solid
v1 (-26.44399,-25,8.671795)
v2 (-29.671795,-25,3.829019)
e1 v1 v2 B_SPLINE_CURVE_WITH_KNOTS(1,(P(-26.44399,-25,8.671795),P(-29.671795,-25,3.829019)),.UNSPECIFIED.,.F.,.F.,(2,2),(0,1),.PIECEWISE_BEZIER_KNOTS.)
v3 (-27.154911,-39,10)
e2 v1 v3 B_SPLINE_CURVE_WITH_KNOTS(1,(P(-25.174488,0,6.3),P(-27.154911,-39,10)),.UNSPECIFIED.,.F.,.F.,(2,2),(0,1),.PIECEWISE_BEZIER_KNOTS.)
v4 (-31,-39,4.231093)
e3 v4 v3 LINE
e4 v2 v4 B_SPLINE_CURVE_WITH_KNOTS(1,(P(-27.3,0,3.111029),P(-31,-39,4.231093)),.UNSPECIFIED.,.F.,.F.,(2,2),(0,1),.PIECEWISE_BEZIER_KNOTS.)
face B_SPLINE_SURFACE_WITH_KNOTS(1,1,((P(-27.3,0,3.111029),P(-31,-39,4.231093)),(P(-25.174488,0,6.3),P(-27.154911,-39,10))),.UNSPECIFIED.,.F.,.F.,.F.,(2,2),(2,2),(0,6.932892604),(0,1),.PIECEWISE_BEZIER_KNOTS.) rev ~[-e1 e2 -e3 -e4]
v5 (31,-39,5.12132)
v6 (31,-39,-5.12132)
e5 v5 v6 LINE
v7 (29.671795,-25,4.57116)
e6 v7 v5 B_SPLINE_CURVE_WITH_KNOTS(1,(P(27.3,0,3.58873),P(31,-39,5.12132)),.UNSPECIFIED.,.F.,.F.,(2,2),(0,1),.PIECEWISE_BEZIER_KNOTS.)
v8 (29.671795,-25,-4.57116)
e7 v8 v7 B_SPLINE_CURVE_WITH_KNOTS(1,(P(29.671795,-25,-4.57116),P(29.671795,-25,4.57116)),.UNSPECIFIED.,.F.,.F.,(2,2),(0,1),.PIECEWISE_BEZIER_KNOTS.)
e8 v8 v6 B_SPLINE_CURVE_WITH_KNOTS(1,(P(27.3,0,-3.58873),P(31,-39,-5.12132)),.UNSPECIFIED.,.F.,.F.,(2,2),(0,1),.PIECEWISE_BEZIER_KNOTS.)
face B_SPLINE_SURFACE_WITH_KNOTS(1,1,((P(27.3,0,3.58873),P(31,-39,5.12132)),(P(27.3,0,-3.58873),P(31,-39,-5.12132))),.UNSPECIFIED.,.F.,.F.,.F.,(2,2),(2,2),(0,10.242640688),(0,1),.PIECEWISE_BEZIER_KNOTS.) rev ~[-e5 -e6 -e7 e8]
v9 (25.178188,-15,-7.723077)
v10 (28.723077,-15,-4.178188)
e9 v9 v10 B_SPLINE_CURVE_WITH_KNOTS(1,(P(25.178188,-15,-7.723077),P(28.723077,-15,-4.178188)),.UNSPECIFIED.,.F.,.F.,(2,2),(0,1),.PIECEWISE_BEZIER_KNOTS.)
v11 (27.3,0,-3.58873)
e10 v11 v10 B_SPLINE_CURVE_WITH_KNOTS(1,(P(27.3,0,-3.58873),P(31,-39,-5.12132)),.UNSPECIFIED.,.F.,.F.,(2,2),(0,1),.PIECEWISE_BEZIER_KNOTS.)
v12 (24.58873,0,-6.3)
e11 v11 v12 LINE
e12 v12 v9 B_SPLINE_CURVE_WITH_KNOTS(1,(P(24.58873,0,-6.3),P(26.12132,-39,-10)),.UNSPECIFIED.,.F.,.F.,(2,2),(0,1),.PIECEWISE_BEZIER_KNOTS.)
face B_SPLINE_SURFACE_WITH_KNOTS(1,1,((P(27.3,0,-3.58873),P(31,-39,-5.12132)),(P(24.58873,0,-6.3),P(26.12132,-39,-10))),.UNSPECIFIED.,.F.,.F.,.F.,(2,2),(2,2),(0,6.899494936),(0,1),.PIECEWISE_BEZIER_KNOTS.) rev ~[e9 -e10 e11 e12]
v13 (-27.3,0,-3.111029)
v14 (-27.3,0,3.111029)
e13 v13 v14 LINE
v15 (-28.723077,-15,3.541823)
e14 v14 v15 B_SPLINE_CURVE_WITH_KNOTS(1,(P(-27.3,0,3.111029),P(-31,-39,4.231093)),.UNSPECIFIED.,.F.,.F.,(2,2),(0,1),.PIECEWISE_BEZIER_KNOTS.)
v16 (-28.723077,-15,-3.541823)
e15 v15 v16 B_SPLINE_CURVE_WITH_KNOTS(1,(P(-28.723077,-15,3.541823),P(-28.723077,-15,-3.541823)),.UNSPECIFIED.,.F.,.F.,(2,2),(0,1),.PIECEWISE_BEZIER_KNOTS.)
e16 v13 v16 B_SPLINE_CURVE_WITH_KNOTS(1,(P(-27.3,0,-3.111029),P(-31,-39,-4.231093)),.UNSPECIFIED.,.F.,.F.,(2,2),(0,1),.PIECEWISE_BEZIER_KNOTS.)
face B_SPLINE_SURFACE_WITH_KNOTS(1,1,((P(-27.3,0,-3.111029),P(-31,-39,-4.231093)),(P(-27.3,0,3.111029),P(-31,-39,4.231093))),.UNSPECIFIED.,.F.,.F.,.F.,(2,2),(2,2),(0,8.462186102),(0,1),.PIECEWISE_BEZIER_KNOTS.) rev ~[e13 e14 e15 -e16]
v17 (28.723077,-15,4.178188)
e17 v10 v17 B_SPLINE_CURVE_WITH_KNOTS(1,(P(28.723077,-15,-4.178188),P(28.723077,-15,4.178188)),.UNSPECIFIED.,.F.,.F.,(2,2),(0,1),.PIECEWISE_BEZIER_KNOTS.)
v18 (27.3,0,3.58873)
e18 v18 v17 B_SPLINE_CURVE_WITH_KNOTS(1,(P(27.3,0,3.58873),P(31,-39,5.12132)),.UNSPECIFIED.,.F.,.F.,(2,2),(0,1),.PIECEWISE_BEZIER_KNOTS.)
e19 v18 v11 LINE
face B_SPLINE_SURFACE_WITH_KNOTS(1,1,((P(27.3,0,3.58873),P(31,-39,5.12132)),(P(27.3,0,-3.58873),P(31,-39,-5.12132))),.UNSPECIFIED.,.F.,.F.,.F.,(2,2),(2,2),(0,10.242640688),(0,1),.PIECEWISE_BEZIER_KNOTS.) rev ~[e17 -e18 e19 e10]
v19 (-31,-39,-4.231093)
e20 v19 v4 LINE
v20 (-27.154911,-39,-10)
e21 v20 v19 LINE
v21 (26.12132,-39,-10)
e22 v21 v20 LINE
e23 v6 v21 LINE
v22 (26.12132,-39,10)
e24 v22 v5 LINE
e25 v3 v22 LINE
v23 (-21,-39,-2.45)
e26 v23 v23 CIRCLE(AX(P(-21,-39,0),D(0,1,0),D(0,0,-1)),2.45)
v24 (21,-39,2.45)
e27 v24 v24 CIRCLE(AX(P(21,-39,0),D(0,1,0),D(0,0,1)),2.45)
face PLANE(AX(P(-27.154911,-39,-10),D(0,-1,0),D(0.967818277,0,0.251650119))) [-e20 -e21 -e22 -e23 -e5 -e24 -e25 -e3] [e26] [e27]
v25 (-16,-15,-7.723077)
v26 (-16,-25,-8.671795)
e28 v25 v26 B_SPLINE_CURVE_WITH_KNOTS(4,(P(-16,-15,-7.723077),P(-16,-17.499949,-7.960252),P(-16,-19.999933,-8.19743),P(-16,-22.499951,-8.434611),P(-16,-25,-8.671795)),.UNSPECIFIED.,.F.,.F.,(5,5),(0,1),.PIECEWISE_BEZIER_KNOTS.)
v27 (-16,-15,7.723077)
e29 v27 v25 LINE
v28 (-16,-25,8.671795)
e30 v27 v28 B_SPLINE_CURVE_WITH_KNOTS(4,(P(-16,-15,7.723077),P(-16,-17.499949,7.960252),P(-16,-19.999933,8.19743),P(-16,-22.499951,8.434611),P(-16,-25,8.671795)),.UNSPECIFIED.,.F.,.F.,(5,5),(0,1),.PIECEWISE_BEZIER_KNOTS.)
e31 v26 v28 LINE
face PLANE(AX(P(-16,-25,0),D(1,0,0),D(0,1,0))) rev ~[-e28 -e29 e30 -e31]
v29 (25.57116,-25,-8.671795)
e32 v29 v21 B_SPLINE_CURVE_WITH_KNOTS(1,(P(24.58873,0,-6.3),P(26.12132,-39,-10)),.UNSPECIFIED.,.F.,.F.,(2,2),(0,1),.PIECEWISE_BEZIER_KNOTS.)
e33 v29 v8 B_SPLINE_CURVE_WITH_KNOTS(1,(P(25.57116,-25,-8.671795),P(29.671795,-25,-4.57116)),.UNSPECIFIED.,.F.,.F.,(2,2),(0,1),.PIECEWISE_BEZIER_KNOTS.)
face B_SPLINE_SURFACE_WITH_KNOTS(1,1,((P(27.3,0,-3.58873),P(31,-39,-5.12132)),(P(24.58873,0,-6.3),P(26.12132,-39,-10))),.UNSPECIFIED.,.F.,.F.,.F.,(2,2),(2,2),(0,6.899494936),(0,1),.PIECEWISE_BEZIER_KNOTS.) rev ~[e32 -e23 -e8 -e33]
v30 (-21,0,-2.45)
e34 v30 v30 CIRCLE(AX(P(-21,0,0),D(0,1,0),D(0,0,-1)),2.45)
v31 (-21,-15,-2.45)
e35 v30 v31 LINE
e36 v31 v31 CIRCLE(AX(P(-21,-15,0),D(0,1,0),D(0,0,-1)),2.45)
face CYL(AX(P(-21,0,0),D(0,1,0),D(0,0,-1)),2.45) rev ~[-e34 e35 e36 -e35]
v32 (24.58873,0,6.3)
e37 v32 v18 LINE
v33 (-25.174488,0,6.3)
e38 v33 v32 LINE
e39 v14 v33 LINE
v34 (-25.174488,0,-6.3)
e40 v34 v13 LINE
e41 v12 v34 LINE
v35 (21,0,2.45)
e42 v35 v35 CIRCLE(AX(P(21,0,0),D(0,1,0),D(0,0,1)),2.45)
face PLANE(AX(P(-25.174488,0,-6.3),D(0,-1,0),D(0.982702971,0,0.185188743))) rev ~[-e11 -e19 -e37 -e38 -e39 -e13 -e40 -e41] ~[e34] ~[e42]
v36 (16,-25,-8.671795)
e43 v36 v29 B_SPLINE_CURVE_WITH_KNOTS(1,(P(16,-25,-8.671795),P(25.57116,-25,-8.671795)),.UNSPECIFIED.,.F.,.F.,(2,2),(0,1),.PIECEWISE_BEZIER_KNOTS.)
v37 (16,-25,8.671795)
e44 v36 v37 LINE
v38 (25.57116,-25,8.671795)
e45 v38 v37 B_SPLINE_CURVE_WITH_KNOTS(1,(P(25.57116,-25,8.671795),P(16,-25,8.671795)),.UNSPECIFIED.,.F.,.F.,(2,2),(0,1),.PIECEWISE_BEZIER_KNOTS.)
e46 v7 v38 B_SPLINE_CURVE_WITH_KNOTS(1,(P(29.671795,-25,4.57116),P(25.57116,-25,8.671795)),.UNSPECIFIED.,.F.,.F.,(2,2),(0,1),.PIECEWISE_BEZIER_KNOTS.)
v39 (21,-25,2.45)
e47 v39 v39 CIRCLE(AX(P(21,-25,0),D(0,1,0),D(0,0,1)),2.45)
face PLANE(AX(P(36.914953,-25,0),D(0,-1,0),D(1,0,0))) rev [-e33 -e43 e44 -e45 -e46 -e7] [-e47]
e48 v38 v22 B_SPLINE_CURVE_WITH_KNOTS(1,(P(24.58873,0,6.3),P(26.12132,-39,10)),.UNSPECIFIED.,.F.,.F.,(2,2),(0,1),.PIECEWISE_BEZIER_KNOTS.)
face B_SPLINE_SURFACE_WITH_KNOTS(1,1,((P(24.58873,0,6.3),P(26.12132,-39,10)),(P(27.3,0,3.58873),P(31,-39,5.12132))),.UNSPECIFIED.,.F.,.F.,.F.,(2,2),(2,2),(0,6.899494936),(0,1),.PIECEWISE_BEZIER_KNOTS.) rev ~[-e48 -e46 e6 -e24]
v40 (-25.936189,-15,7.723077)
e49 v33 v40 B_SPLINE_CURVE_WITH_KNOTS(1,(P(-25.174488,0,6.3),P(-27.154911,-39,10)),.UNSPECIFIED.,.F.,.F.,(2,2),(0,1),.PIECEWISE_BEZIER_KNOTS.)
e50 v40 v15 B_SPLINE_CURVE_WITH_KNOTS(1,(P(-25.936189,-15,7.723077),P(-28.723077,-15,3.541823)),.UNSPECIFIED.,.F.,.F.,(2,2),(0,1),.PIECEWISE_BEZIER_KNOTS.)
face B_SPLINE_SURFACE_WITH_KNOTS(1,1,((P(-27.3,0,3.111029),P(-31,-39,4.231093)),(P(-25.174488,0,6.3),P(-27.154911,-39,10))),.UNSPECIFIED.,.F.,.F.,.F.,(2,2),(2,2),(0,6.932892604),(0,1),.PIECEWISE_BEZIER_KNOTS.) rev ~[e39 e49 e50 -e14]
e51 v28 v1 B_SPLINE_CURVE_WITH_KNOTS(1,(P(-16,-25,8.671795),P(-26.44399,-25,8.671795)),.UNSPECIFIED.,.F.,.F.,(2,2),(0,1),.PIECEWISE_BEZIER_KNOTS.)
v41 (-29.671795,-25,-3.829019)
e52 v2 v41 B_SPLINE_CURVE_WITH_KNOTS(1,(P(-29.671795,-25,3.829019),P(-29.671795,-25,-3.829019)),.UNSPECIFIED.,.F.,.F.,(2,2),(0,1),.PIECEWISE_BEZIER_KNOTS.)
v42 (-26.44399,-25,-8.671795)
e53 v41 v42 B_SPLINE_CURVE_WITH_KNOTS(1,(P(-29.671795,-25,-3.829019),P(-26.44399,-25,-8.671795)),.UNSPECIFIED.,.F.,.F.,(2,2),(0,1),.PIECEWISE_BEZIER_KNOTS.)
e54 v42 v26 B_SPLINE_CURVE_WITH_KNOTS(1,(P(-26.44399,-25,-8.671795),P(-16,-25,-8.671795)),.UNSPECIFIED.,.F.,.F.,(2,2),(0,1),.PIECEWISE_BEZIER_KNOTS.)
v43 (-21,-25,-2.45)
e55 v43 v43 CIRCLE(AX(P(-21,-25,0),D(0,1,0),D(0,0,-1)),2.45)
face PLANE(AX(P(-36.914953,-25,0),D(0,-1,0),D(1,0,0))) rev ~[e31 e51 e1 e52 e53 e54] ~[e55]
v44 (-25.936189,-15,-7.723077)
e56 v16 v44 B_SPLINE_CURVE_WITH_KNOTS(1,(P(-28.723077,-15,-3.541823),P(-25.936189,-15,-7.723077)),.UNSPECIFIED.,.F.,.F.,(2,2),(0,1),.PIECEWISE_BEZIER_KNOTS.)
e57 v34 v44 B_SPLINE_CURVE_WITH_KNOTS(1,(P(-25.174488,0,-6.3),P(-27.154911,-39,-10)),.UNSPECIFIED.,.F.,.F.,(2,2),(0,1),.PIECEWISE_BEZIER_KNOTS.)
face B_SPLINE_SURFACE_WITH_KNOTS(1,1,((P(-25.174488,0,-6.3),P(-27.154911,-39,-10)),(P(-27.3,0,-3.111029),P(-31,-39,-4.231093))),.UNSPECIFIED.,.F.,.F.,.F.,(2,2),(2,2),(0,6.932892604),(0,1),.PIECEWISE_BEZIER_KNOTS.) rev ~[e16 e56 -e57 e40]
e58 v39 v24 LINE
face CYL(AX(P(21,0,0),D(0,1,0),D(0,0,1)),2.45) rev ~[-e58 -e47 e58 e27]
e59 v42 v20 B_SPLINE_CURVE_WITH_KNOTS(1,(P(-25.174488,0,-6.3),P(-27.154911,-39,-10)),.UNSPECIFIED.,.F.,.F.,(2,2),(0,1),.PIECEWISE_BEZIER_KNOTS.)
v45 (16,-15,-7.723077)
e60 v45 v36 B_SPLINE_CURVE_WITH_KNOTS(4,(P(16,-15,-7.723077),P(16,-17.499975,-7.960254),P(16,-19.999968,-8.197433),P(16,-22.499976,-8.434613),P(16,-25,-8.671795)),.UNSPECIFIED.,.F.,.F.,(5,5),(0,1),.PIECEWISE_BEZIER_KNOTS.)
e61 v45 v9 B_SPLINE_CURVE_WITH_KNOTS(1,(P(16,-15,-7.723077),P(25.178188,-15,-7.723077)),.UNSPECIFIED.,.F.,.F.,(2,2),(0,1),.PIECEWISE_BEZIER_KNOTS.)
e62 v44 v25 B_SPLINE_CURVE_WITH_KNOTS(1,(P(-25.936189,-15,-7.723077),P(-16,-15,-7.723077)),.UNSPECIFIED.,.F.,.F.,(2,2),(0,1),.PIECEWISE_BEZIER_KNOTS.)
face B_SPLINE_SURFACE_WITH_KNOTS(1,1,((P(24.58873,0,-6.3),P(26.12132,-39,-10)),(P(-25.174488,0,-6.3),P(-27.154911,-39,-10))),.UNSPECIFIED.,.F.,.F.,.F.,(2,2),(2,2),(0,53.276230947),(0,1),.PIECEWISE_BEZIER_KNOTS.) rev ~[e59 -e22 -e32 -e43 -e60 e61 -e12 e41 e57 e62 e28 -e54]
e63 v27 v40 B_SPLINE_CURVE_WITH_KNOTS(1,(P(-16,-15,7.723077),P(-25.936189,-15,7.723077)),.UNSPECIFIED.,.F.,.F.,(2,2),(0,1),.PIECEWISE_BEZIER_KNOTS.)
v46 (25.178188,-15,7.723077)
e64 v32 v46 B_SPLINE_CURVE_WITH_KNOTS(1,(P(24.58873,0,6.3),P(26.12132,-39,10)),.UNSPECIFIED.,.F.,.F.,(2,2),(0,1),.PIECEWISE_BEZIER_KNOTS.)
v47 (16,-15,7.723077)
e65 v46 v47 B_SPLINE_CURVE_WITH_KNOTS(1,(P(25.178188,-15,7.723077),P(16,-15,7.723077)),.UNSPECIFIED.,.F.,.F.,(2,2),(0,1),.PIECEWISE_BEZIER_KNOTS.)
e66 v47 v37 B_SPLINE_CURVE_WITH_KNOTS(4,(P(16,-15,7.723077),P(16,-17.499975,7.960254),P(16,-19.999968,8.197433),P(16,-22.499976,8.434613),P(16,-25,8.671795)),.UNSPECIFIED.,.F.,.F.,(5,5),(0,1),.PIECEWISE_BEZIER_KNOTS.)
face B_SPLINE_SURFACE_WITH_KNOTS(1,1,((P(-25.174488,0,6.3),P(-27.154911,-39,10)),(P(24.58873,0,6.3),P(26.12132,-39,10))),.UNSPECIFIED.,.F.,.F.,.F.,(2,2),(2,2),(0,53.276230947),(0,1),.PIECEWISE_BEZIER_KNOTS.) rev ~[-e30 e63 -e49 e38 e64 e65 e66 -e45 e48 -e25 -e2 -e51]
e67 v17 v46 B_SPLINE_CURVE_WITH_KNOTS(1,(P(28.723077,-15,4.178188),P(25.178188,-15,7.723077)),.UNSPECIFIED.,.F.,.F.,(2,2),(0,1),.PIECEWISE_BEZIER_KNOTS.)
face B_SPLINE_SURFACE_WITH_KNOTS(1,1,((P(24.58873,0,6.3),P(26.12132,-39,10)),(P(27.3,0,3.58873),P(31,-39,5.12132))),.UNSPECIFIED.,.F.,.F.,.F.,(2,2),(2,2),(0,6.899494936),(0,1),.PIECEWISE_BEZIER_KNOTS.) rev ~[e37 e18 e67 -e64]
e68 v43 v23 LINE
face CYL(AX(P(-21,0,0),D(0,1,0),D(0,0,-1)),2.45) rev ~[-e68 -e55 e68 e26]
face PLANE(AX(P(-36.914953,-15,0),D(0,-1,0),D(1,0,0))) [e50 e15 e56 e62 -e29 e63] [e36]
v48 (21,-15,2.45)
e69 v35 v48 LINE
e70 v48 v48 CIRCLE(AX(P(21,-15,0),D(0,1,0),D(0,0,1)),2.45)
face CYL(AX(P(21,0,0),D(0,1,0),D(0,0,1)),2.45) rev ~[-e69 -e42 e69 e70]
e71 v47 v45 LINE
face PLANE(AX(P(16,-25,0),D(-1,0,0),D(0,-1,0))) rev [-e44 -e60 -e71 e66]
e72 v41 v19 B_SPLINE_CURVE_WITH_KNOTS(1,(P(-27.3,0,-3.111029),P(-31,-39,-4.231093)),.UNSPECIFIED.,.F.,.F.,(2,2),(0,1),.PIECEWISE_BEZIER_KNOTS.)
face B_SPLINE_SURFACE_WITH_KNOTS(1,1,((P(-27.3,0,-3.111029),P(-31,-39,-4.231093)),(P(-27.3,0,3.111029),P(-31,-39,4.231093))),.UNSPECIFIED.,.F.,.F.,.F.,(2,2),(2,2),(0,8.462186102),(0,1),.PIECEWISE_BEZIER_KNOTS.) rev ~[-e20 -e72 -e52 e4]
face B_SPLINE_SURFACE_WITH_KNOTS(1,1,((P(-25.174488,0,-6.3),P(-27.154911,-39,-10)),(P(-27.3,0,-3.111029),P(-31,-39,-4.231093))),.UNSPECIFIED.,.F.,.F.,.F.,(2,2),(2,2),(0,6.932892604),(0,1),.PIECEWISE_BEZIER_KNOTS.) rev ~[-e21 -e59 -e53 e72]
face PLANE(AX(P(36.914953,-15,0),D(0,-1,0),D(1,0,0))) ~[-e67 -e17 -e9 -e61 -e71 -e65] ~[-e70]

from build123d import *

# Parameters (mm, degrees)
CUT_EXTRUDE1_DEPTH = 51.813384221
SKETCH3_W          = 20.914953444
SKETCH3_H          = 10
CUT_EXTRUDE2_DEPTH = 51.813384221


with BuildPart() as part:
    # Sketch1 → Loft1 section 0
    with BuildSketch(Plane(origin=(0, 0, 0), x_dir=(1, 0, 0), z_dir=(0, 1, 0))):
        with BuildLine():
            Line((-25.17448832, 6.3), (-27.3, 3.111028865))
            Line((-27.3, 3.111028865), (-27.3, -3.111028865))
            Line((-27.3, -3.111028865), (-25.17448832, -6.3))
            Line((-25.17448832, -6.3), (-13.695486873, -6.3))
            Line((-13.695486873, -6.3), (13.695486873, -6.3))
            Line((13.695486873, -6.3), (24.588730163, -6.3))
            Line((24.588730163, -6.3), (27.3, -3.588730163))
            Line((27.3, -3.588730163), (27.3, 3.588730163))
            Line((27.3, 3.588730163), (24.588730163, 6.3))
            Line((24.588730163, 6.3), (13.695486873, 6.3))
            Line((13.695486873, 6.3), (-13.695486873, 6.3))
            Line((-13.695486873, 6.3), (-25.17448832, 6.3))
        make_face()
    # Sketch2 → Loft1 section 1
    with BuildSketch(Plane(origin=(0, -39, 0), x_dir=(1, 0, 0), z_dir=(0, 1, 0))):
        with BuildLine():
            Line((26.121320344, 10), (13.695486873, 10))
            Line((13.695486873, 10), (-13.695486873, 10))
            Line((-13.695486873, 10), (-27.154910603, 10))
            Line((-27.154910603, 10), (-31, 4.231093051))
            Line((-31, 4.231093051), (-31, -4.231093051))
            Line((-31, -4.231093051), (-27.154910603, -10))
            Line((-27.154910603, -10), (-13.695486873, -10))
            Line((-13.695486873, -10), (13.695486873, -10))
            Line((13.695486873, -10), (26.121320344, -10))
            Line((26.121320344, -10), (31, -5.121320344))
            Line((31, -5.121320344), (31, 5.121320344))
            Line((31, 5.121320344), (26.121320344, 10))
        make_face()
    loft()

    # Sketch1<4> → Cut-Extrude1 (cut, through all)
    with BuildSketch(Plane(origin=(0, 0, 0), x_dir=(1, 0, 0), z_dir=(0, 1, 0))):
        with BuildLine():
            ThreePointArc((21, 2.45), (18.55, 0), (21, -2.45))
            ThreePointArc((21, -2.45), (23.45, 0), (21, 2.45))
        make_face()
        with BuildLine():
            ThreePointArc((-21, -2.45), (-18.55, 0), (-21, 2.45))
            ThreePointArc((-21, 2.45), (-23.45, 0), (-21, -2.45))
        make_face()
    extrude(amount=-CUT_EXTRUDE1_DEPTH, mode=Mode.SUBTRACT)

    # Sketch3 → Cut-Extrude2 (cut, symmetric)
    with BuildSketch(Plane.XY):
        with Locations((-26.457476722, -20)):
            Rectangle(SKETCH3_W, SKETCH3_H)
    cut_extrude2 = extrude(amount=CUT_EXTRUDE2_DEPTH, both=True, mode=Mode.SUBTRACT)

    # Mirror1: Cut-Extrude2 across plane
    add(cut_extrude2.mirror(Plane(origin=(0, 0, 0), x_dir=(0, 0, 1), z_dir=(1, 0, 0))), mode=Mode.SUBTRACT)


solid = part.part
